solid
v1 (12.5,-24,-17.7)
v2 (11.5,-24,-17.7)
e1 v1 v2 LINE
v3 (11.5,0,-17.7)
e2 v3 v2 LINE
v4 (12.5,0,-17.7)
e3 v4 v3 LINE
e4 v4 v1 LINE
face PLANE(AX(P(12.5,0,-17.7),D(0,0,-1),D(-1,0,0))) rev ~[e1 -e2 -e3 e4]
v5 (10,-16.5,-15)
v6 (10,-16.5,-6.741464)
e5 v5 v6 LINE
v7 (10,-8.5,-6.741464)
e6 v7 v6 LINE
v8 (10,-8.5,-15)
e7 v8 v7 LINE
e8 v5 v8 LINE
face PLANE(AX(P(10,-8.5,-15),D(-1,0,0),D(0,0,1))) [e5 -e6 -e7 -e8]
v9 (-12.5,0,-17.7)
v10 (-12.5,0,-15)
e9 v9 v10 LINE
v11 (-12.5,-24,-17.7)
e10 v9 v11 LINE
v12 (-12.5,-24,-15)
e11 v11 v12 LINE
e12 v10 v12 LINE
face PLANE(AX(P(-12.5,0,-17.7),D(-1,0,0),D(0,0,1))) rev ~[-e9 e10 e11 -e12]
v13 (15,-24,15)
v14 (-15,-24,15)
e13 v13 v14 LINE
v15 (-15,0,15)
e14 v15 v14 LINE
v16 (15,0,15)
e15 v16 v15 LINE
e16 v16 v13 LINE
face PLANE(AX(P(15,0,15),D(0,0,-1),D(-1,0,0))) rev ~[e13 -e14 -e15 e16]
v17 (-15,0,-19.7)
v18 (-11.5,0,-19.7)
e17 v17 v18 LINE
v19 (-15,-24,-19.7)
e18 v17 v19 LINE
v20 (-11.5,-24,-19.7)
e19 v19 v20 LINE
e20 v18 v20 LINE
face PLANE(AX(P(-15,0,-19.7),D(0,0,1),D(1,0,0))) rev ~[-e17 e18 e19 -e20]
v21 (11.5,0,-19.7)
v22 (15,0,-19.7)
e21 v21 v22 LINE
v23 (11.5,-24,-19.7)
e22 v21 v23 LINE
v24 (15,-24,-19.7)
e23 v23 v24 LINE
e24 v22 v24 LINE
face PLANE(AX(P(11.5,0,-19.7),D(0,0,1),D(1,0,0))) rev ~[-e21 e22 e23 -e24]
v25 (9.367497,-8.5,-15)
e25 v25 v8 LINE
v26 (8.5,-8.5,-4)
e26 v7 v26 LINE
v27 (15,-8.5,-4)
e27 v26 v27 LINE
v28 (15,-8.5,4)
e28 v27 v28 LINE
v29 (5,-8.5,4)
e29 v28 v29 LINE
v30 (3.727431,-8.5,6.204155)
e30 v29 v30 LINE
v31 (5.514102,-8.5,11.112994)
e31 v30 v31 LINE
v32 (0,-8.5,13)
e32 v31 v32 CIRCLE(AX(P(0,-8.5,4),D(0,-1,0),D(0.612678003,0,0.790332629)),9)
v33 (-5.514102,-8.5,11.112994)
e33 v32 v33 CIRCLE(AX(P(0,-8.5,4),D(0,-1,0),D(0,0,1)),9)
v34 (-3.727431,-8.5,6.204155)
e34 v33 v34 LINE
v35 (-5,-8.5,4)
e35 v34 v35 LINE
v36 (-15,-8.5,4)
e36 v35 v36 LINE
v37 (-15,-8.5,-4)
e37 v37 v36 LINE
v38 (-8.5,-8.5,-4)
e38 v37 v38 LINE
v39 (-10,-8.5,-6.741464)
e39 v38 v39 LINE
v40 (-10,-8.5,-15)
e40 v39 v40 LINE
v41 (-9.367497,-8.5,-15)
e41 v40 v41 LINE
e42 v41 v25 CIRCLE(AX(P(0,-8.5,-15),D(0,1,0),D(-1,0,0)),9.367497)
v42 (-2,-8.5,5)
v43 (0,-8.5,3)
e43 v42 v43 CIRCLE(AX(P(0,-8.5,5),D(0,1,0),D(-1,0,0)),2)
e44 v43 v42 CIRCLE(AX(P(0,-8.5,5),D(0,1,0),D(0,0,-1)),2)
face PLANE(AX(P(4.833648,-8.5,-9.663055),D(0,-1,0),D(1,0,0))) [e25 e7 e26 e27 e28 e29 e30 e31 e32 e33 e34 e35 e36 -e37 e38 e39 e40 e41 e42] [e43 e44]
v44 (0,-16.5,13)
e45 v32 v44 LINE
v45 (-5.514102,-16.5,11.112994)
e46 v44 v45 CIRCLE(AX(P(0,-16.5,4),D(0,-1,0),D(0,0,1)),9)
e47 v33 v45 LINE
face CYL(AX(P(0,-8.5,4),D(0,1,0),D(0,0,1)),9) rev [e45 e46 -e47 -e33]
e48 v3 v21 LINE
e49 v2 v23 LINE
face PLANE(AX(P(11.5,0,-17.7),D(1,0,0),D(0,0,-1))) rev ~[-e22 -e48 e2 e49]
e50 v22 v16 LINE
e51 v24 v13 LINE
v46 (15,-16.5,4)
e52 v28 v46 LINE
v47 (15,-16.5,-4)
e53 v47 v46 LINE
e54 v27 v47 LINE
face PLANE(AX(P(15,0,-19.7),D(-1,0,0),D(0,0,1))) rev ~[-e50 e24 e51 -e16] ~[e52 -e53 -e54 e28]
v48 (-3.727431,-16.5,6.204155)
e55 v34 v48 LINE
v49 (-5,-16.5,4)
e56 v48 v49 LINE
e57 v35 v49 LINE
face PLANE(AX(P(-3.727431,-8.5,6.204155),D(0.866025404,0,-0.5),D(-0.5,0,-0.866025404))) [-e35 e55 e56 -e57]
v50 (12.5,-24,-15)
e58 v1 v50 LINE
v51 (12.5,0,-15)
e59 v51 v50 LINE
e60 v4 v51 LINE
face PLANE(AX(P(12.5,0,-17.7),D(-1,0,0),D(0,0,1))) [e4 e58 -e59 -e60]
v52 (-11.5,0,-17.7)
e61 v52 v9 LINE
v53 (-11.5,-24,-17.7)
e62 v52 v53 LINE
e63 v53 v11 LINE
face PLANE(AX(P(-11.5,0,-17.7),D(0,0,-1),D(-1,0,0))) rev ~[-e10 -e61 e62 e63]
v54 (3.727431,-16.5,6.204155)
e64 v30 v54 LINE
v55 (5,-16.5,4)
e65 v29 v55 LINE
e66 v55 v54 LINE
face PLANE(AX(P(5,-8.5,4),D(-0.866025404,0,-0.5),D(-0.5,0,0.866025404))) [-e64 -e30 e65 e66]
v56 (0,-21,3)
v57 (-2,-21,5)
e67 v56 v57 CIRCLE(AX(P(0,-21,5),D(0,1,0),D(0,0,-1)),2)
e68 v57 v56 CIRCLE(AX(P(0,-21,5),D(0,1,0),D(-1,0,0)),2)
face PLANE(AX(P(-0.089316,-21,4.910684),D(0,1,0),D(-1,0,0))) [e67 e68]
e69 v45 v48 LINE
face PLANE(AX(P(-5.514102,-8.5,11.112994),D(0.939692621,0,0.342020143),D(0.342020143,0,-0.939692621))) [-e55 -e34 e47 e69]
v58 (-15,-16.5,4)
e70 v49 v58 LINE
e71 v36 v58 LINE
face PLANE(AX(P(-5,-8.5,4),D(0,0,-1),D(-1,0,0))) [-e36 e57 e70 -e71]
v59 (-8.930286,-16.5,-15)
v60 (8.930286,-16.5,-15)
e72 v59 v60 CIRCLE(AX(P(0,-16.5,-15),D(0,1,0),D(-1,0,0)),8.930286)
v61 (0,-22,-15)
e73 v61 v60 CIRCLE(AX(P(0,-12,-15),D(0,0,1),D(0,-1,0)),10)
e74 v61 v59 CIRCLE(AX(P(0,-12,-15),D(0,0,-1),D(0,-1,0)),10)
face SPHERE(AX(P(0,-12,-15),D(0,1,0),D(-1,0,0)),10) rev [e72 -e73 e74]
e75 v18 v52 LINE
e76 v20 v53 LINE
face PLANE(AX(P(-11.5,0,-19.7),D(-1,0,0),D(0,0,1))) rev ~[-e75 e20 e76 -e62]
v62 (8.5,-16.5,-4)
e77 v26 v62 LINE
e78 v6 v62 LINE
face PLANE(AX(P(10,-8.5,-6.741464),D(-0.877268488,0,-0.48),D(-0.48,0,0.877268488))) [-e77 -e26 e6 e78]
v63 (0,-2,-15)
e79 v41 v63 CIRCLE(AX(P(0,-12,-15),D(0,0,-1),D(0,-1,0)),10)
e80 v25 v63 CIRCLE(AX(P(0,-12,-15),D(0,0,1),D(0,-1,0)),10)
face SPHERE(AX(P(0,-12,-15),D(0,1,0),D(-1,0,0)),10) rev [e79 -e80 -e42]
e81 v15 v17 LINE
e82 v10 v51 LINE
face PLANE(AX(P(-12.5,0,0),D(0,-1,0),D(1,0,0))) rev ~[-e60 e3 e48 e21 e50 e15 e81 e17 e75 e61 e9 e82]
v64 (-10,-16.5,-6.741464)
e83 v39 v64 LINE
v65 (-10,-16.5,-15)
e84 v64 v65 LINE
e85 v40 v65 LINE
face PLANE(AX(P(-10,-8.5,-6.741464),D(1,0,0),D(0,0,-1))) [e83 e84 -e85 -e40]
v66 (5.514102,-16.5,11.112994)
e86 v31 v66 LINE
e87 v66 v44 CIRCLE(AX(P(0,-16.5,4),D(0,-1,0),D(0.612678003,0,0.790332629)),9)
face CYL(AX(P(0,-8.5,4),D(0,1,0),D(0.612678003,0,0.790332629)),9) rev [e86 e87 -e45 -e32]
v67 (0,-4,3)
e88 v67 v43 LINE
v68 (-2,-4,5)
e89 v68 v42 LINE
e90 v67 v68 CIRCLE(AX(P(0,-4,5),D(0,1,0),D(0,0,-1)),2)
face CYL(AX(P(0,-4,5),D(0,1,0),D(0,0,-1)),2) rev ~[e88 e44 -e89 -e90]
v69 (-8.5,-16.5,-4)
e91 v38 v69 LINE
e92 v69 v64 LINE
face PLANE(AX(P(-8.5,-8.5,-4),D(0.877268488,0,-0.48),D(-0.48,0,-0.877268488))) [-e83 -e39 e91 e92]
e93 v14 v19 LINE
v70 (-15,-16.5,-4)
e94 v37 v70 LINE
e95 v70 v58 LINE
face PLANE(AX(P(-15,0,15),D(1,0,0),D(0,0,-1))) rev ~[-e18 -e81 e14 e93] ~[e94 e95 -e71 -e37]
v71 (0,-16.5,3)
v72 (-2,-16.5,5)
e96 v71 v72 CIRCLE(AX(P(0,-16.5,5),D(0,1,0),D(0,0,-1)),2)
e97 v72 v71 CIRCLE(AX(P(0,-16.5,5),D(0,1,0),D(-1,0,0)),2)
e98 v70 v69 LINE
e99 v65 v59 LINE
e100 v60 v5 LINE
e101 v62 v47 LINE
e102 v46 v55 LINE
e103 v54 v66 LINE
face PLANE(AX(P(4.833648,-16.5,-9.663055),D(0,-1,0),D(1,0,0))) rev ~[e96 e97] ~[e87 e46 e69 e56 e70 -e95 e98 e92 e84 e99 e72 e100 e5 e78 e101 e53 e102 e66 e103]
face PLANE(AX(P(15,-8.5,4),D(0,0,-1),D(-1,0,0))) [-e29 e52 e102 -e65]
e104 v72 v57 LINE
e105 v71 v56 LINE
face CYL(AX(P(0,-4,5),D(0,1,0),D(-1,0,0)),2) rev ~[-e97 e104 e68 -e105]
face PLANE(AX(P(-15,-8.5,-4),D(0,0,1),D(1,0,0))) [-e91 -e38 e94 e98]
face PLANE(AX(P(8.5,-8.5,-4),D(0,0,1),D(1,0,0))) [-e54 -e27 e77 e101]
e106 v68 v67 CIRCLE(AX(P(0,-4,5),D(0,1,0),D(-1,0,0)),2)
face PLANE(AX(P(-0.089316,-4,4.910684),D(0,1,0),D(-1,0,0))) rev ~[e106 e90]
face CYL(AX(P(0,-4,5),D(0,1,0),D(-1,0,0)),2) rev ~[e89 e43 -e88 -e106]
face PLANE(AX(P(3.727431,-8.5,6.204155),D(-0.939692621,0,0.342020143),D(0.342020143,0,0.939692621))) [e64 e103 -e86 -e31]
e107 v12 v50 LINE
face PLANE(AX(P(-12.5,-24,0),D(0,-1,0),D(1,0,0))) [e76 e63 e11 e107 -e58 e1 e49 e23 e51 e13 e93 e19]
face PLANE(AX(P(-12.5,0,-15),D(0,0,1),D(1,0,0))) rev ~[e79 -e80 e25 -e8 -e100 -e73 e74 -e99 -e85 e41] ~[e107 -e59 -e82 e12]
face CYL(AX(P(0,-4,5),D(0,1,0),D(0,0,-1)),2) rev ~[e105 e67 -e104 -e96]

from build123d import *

# Parameters (mm, degrees)
F0_W     = 5
F0_H     = 8
F0_H_2   = 11
F0_W_2   = 2.5
F0_H_3   = 2.7
F0_W_3   = 1.5
F1_DEPTH = 24
F4_START = 8.5
F4_DEPTH = 8
F6_START = -4
F6_DEPTH = 17


with BuildPart() as f1:
    # F0 (on Front) → F1 (new body)
    with BuildSketch(Plane.XZ):
        with Locations((-12.5, 0)):
            Rectangle(F0_W, F0_H)
        with Locations((12.5, 9.5)):
            Rectangle(F0_W, F0_H_2)
        with BuildLine():
            Line((10, 4), (10, 15))
            Line((10, 15), (0, 15))
            Line((0, 15), (0, 13))
            ThreePointArc((0, 13), (2.9140227369, 12.5151906314), (5.5141020242, 11.1129936642))
            Line((5.5141020242, 11.1129936642), (3.727430731, 6.2041546301))
            Line((3.727430731, 6.2041546301), (5, 4))
            Line((5, 4), (8.5, 4))
            Line((8.5, 4), (10, 4))
        make_face()
        Polygon((0, 0), (0, 1.9517640748), (-8.5, -4), (0, -4), align=None)
        Polygon((15, -19.7), (15, -17.7), (12.5, -17.7), (11.5, -17.7), (11.5, -19.7), align=None)
        Polygon((0, -4), (8.5, -4), (0, 1.9517640748), (0, 0), align=None)
        Polygon((10, -6.7414640249), (10, -4), (8.5, -4), align=None)
        with BuildLine():
            Line((0, 13), (0, 15))
            Line((0, 15), (-10, 15))
            Line((-10, 15), (-10, 4))
            Line((-10, 4), (-8.5, 4))
            Line((-8.5, 4), (-5, 4))
            Line((-5, 4), (-3.727430731, 6.2041546301))
            Line((-3.727430731, 6.2041546301), (-5.5141020242, 11.1129936642))
            ThreePointArc((-5.5141020242, 11.1129936642), (-2.9140227369, 12.5151906314), (0, 13))
        make_face()
        with Locations((13.75, -16.35)):
            Rectangle(F0_W_2, F0_H_3)
        Polygon((10, -6.7414640249), (8.5, -4), (0, -4), (0, -15), (10, -15), align=None)
        Polygon((15, -15), (15, -4), (10, -4), (10, -6.7414640249), (10, -15), (12.5, -15), align=None)
        Polygon((0, -15), (0, -4), (-8.5, -4), (-10, -6.7414640249), (-10, -15), align=None)
        with BuildLine():
            ThreePointArc((5.5141020242, 11.1129936642), (2.9140227369, 12.5151906314), (0, 13))
            Line((0, 13), (0, 4))
            Line((0, 4), (2.9251840539, 4))
            Line((2.9251840539, 4), (3.727430731, 6.2041546301))
            Line((3.727430731, 6.2041546301), (5.5141020242, 11.1129936642))
        make_face()
        with BuildLine():
            Line((0, 4), (0, 13))
            ThreePointArc((0, 13), (-2.9140227369, 12.5151906314), (-5.5141020242, 11.1129936642))
            Line((-5.5141020242, 11.1129936642), (-3.727430731, 6.2041546301))
            Line((-3.727430731, 6.2041546301), (-2.9251840539, 4))
            Line((-2.9251840539, 4), (0, 4))
        make_face()
        with Locations((12.5, 0)):
            Rectangle(F0_W, F0_H)
        Polygon((-11.5, -19.7), (-11.5, -17.7), (-12.5, -17.7), (-15, -17.7), (-15, -19.7), align=None)
        with Locations((9.25, 0)):
            Rectangle(F0_W_3, F0_H)
        Polygon((-5, 4), (-2.9251840539, 4), (-3.727430731, 6.2041546301), align=None)
        with Locations((-13.75, -16.35)):
            Rectangle(F0_W_2, F0_H_3)
        with Locations((-12.5, 9.5)):
            Rectangle(F0_W, F0_H_2)
        Polygon((-8.5, -4), (-10, -4), (-10, -6.7414640249), align=None)
        Polygon((8.5, -4), (8.5, 4), (5, 4), (2.9251840539, 4), (0, 1.9517640748), align=None)
        Polygon((-5, 4), (-8.5, 4), (-8.5, -4), (0, 1.9517640748), (-2.9251840539, 4), align=None)
        Polygon((2.9251840539, 4), (5, 4), (3.727430731, 6.2041546301), align=None)
        Polygon((2.9251840539, 4), (0, 4), (0, 1.9517640748), align=None)
        Polygon((0, 1.9517640748), (0, 4), (-2.9251840539, 4), align=None)
        with Locations((-9.25, 0)):
            Rectangle(F0_W_3, F0_H)
        Polygon((-10, -6.7414640249), (-10, -4), (-15, -4), (-15, -15), (-12.5, -15), (-10, -15), align=None)
    extrude(amount=F1_DEPTH)

    # F2 (on face) → F3 (revolve, cut)
    with BuildSketch(Plane(origin=(0, 0, -15), x_dir=(1, 0, 0), z_dir=(0, 0, -1))):
        with BuildLine():
            ThreePointArc((0, 22), (-10, 12), (0, 2))
            Line((0, 2), (0, 12))
            Line((0, 12), (0, 22))
        make_face()
    revolve(axis=Axis((0, -6, -15), (0, -1, 0)), mode=Mode.SUBTRACT)

    # F0 (on Front) → F4 (cut)
    with BuildSketch(Plane.XZ.offset(F4_START)):
        Polygon((10, -6.7414640249), (8.5, -4), (0, -4), (0, -15), (10, -15), align=None)
        Polygon((0, -4), (8.5, -4), (0, 1.9517640748), (0, 0), align=None)
        Polygon((8.5, -4), (8.5, 4), (5, 4), (2.9251840539, 4), (0, 1.9517640748), align=None)
        Polygon((2.9251840539, 4), (0, 4), (0, 1.9517640748), align=None)
        Polygon((0, 1.9517640748), (0, 4), (-2.9251840539, 4), align=None)
        Polygon((0, 0), (0, 1.9517640748), (-8.5, -4), (0, -4), align=None)
        Polygon((-5, 4), (-8.5, 4), (-8.5, -4), (0, 1.9517640748), (-2.9251840539, 4), align=None)
        with Locations((-9.25, 0)):
            Rectangle(F0_W_3, F0_H)
        with Locations((-12.5, 0)):
            Rectangle(F0_W, F0_H)
        with Locations((9.25, 0)):
            Rectangle(F0_W_3, F0_H)
        with Locations((12.5, 0)):
            Rectangle(F0_W, F0_H)
        with BuildLine():
            ThreePointArc((5.5141020242, 11.1129936642), (2.9140227369, 12.5151906314), (0, 13))
            Line((0, 13), (0, 4))
            Line((0, 4), (2.9251840539, 4))
            Line((2.9251840539, 4), (3.727430731, 6.2041546301))
            Line((3.727430731, 6.2041546301), (5.5141020242, 11.1129936642))
        make_face()
        with BuildLine():
            Line((0, 4), (0, 13))
            ThreePointArc((0, 13), (-2.9140227369, 12.5151906314), (-5.5141020242, 11.1129936642))
            Line((-5.5141020242, 11.1129936642), (-3.727430731, 6.2041546301))
            Line((-3.727430731, 6.2041546301), (-2.9251840539, 4))
            Line((-2.9251840539, 4), (0, 4))
        make_face()
        Polygon((0, -15), (0, -4), (-8.5, -4), (-10, -6.7414640249), (-10, -15), align=None)
        Polygon((2.9251840539, 4), (5, 4), (3.727430731, 6.2041546301), align=None)
        Polygon((-5, 4), (-2.9251840539, 4), (-3.727430731, 6.2041546301), align=None)
    extrude(amount=F4_DEPTH, mode=Mode.SUBTRACT)

    # F5 (on face) → F6 (cut)
    with BuildSketch(Plane(origin=(0, 0, 0), x_dir=(-1, 0, 0), z_dir=(0, 1, 0)).offset(F6_START)):
        with BuildLine():
            ThreePointArc((0, 3), (1.4142135624, 3.5857864376), (2, 5))
            ThreePointArc((2, 5), (-1.4142135624, 6.4142135624), (0, 3))
        make_face()
    extrude(amount=-F6_DEPTH, mode=Mode.SUBTRACT)


solid = f1.part
